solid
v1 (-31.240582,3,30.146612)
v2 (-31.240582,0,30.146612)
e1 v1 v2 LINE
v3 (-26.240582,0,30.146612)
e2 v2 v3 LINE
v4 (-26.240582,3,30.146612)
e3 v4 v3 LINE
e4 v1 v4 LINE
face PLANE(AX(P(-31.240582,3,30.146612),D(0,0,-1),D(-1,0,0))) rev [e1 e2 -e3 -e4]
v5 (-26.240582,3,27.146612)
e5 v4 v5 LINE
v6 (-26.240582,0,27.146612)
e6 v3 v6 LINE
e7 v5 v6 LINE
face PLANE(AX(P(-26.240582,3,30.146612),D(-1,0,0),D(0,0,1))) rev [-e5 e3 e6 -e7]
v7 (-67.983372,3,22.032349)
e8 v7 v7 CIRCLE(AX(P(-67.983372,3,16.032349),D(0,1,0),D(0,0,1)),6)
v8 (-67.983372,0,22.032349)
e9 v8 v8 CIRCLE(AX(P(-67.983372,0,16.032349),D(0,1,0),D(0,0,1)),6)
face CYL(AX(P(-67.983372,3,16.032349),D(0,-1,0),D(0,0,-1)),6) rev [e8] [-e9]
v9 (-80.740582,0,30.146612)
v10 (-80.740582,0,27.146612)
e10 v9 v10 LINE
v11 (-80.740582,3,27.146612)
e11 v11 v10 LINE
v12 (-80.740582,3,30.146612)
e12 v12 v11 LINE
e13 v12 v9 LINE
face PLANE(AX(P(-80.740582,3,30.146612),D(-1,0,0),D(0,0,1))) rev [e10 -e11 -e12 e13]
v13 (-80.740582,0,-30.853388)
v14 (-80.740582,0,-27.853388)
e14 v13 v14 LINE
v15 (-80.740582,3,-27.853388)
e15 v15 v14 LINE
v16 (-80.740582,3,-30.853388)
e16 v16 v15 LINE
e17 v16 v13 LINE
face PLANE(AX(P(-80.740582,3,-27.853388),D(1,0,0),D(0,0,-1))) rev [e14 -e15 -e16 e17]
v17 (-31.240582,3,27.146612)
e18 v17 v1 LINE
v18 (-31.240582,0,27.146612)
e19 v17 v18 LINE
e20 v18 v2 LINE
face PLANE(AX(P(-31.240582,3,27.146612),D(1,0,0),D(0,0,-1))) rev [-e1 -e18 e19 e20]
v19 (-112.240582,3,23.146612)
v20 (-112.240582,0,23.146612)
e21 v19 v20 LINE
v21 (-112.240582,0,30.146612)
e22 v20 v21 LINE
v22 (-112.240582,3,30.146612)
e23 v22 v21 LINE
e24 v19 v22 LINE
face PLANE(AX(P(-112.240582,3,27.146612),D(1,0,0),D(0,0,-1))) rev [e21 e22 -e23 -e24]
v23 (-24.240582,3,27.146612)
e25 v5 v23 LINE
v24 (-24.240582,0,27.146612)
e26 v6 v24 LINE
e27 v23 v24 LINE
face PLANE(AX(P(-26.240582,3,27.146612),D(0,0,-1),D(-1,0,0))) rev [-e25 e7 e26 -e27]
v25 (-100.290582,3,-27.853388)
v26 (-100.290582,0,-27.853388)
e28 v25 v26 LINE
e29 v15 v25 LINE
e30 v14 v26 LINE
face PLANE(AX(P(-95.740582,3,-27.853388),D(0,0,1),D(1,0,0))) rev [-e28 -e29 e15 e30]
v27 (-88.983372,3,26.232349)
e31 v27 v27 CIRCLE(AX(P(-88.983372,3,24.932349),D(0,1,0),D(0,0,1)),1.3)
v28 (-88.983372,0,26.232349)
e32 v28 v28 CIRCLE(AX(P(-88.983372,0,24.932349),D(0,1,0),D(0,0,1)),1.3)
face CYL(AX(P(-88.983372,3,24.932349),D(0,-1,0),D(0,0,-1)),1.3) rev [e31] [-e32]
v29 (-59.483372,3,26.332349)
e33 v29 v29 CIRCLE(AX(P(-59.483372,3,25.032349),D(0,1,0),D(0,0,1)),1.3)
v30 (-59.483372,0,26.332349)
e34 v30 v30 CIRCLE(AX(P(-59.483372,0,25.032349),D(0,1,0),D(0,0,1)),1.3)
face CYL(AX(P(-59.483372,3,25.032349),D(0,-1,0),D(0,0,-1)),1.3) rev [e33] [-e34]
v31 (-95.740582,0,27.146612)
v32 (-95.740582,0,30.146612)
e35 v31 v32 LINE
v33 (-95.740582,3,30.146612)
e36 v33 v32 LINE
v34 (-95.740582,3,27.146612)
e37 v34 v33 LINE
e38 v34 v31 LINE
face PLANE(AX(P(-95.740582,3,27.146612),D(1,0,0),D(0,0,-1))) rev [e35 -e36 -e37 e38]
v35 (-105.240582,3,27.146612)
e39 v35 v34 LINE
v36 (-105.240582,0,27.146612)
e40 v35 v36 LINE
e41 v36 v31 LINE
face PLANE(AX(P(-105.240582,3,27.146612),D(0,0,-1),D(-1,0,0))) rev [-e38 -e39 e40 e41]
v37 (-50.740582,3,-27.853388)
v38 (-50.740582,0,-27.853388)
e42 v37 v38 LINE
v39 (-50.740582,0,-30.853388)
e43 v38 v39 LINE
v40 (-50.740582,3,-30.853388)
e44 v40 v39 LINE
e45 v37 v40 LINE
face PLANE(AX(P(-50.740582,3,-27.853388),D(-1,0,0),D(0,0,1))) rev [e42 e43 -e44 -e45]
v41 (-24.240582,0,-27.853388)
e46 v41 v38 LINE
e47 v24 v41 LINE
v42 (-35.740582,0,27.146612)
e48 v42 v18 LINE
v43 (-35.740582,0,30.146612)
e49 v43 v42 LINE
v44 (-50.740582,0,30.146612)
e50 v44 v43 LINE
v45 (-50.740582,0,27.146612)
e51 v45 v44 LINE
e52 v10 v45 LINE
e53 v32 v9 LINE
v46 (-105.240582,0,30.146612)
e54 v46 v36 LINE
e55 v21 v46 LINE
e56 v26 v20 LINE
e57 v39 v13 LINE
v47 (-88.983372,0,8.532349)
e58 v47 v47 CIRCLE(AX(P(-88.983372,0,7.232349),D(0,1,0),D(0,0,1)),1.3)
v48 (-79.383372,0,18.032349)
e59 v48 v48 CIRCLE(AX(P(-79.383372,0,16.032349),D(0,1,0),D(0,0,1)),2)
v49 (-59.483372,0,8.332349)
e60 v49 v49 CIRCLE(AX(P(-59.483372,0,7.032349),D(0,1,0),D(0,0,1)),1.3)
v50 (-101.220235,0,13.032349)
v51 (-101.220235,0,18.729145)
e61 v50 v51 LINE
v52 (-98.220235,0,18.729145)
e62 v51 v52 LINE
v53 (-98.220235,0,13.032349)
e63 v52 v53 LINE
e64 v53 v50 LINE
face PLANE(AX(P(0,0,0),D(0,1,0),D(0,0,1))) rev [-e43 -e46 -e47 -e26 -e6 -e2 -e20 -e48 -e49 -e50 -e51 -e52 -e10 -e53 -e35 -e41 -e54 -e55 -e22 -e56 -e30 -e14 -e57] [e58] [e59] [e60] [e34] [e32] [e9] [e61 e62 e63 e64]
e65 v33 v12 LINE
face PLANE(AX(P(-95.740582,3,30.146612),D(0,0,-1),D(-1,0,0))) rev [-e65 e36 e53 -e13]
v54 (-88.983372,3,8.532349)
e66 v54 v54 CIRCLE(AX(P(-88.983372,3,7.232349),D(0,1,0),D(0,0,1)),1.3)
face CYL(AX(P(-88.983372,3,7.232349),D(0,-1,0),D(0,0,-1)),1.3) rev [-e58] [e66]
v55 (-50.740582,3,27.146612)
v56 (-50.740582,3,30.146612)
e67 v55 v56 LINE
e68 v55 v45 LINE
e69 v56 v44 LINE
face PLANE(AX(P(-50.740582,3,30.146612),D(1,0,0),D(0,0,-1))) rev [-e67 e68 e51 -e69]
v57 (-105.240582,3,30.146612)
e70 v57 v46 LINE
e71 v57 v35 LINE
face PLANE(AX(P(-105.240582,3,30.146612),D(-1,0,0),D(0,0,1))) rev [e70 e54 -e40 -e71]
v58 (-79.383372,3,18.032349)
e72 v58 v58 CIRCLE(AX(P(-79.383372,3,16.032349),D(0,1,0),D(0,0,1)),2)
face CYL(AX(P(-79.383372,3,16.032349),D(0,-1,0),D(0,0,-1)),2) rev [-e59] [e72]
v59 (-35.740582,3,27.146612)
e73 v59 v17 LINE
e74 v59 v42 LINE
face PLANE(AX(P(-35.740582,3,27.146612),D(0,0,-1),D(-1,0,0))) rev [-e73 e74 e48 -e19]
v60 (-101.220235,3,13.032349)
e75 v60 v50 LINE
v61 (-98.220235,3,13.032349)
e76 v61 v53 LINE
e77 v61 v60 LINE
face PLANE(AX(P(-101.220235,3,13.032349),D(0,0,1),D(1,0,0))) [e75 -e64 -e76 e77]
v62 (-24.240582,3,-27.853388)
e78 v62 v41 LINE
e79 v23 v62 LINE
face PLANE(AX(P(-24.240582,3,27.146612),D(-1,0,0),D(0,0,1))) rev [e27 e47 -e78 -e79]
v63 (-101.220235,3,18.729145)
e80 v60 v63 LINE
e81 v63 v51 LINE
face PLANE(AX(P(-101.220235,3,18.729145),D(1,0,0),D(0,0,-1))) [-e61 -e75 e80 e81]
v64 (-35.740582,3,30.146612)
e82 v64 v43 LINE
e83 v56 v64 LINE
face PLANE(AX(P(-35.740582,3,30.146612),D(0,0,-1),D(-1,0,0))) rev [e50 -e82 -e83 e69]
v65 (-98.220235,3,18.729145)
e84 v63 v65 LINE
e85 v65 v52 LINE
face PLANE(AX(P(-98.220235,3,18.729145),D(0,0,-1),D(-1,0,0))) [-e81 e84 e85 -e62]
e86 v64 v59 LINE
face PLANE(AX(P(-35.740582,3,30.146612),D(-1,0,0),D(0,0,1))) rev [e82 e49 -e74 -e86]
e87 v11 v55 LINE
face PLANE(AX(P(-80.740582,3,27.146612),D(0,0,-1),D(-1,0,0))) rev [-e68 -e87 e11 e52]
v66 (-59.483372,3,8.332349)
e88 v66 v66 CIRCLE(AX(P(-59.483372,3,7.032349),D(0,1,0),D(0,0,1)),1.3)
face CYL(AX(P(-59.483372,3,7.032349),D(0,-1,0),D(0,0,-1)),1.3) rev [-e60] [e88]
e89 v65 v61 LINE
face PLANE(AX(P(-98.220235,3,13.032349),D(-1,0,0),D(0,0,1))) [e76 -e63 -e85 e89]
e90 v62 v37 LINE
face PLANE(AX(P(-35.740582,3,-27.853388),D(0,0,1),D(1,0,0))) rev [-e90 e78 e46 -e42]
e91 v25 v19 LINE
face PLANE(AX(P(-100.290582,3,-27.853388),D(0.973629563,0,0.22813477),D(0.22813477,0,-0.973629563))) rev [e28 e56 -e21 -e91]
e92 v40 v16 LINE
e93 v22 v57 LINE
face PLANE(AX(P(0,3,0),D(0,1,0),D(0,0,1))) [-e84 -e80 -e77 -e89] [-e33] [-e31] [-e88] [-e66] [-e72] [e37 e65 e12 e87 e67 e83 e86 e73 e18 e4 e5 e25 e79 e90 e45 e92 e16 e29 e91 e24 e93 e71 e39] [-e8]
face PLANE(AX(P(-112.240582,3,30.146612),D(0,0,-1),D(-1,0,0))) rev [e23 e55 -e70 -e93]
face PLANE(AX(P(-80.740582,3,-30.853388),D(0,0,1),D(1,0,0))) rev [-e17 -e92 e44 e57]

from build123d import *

# Parameters (mm, degrees)
SKETCH1_R           = 2
SKETCH1_R_2         = 6
SKETCH1_R_3         = 1.3
SKETCH1_W           = 3
SKETCH1_H           = 5.696795919
BOSS_EXTRUDE1_DEPTH = 3


with BuildPart() as part:
    # Sketch1 → Boss-Extrude1 (new body)
    with BuildSketch(Plane(origin=(0, 0, 0), x_dir=(1, 0, 0), z_dir=(0, 1, 0))):
        Polygon((-95.740581995, 27.853387647), (-80.740581995, 27.853387647), (-80.740581995, 30.853387647), (-50.740581995, 30.853387647), (-50.740581995, 27.853387647), (-35.740581995, 27.853387647), (-26.240581995, 27.853387647), (-24.240581995, 27.853387647), (-24.240581995, -27.146612353), (-26.240581995, -27.146612353), (-26.240581995, -30.146612353), (-31.240581995, -30.146612353), (-31.240581995, -27.146612353), (-35.740581995, -27.146612353), (-35.740581995, -30.146612353), (-50.740581995, -30.146612353), (-50.740581995, -27.146612353), (-80.740581995, -27.146612353), (-80.740581995, -30.146612353), (-95.740581995, -30.146612353), (-95.740581995, -27.146612353), (-105.240581995, -27.146612353), (-105.240581995, -30.146612353), (-112.240581995, -30.146612353), (-112.240581995, -27.146612353), (-112.240581995, -23.146612353), (-100.290581995, 27.853387647), align=None)
        with Locations(Location((-79.383372271, -16.032348928, 0), (0, 0, 270))):
            Circle(SKETCH1_R, mode=Mode.SUBTRACT)
        with Locations(Location((-67.983372271, -16.032348928, 0), (0, 0, 270))):
            Circle(SKETCH1_R_2, mode=Mode.SUBTRACT)
        with Locations(Location((-59.483372271, -25.032348928, 0), (0, 0, 270))):
            Circle(SKETCH1_R_3, mode=Mode.SUBTRACT)
        with Locations(Location((-59.483372271, -7.032348928, 0), (0, 0, 270))):
            Circle(SKETCH1_R_3, mode=Mode.SUBTRACT)
        with Locations(Location((-88.98337227, -7.23234893, 0), (0, 0, 270))):
            Circle(SKETCH1_R_3, mode=Mode.SUBTRACT)
        with Locations(Location((-88.98337227, -24.93234893, 0), (0, 0, 270))):
            Circle(SKETCH1_R_3, mode=Mode.SUBTRACT)
        with Locations((-99.720235087, -15.880746888)):
            Rectangle(SKETCH1_W, SKETCH1_H, mode=Mode.SUBTRACT)
    extrude(amount=BOSS_EXTRUDE1_DEPTH)


solid = part.part
